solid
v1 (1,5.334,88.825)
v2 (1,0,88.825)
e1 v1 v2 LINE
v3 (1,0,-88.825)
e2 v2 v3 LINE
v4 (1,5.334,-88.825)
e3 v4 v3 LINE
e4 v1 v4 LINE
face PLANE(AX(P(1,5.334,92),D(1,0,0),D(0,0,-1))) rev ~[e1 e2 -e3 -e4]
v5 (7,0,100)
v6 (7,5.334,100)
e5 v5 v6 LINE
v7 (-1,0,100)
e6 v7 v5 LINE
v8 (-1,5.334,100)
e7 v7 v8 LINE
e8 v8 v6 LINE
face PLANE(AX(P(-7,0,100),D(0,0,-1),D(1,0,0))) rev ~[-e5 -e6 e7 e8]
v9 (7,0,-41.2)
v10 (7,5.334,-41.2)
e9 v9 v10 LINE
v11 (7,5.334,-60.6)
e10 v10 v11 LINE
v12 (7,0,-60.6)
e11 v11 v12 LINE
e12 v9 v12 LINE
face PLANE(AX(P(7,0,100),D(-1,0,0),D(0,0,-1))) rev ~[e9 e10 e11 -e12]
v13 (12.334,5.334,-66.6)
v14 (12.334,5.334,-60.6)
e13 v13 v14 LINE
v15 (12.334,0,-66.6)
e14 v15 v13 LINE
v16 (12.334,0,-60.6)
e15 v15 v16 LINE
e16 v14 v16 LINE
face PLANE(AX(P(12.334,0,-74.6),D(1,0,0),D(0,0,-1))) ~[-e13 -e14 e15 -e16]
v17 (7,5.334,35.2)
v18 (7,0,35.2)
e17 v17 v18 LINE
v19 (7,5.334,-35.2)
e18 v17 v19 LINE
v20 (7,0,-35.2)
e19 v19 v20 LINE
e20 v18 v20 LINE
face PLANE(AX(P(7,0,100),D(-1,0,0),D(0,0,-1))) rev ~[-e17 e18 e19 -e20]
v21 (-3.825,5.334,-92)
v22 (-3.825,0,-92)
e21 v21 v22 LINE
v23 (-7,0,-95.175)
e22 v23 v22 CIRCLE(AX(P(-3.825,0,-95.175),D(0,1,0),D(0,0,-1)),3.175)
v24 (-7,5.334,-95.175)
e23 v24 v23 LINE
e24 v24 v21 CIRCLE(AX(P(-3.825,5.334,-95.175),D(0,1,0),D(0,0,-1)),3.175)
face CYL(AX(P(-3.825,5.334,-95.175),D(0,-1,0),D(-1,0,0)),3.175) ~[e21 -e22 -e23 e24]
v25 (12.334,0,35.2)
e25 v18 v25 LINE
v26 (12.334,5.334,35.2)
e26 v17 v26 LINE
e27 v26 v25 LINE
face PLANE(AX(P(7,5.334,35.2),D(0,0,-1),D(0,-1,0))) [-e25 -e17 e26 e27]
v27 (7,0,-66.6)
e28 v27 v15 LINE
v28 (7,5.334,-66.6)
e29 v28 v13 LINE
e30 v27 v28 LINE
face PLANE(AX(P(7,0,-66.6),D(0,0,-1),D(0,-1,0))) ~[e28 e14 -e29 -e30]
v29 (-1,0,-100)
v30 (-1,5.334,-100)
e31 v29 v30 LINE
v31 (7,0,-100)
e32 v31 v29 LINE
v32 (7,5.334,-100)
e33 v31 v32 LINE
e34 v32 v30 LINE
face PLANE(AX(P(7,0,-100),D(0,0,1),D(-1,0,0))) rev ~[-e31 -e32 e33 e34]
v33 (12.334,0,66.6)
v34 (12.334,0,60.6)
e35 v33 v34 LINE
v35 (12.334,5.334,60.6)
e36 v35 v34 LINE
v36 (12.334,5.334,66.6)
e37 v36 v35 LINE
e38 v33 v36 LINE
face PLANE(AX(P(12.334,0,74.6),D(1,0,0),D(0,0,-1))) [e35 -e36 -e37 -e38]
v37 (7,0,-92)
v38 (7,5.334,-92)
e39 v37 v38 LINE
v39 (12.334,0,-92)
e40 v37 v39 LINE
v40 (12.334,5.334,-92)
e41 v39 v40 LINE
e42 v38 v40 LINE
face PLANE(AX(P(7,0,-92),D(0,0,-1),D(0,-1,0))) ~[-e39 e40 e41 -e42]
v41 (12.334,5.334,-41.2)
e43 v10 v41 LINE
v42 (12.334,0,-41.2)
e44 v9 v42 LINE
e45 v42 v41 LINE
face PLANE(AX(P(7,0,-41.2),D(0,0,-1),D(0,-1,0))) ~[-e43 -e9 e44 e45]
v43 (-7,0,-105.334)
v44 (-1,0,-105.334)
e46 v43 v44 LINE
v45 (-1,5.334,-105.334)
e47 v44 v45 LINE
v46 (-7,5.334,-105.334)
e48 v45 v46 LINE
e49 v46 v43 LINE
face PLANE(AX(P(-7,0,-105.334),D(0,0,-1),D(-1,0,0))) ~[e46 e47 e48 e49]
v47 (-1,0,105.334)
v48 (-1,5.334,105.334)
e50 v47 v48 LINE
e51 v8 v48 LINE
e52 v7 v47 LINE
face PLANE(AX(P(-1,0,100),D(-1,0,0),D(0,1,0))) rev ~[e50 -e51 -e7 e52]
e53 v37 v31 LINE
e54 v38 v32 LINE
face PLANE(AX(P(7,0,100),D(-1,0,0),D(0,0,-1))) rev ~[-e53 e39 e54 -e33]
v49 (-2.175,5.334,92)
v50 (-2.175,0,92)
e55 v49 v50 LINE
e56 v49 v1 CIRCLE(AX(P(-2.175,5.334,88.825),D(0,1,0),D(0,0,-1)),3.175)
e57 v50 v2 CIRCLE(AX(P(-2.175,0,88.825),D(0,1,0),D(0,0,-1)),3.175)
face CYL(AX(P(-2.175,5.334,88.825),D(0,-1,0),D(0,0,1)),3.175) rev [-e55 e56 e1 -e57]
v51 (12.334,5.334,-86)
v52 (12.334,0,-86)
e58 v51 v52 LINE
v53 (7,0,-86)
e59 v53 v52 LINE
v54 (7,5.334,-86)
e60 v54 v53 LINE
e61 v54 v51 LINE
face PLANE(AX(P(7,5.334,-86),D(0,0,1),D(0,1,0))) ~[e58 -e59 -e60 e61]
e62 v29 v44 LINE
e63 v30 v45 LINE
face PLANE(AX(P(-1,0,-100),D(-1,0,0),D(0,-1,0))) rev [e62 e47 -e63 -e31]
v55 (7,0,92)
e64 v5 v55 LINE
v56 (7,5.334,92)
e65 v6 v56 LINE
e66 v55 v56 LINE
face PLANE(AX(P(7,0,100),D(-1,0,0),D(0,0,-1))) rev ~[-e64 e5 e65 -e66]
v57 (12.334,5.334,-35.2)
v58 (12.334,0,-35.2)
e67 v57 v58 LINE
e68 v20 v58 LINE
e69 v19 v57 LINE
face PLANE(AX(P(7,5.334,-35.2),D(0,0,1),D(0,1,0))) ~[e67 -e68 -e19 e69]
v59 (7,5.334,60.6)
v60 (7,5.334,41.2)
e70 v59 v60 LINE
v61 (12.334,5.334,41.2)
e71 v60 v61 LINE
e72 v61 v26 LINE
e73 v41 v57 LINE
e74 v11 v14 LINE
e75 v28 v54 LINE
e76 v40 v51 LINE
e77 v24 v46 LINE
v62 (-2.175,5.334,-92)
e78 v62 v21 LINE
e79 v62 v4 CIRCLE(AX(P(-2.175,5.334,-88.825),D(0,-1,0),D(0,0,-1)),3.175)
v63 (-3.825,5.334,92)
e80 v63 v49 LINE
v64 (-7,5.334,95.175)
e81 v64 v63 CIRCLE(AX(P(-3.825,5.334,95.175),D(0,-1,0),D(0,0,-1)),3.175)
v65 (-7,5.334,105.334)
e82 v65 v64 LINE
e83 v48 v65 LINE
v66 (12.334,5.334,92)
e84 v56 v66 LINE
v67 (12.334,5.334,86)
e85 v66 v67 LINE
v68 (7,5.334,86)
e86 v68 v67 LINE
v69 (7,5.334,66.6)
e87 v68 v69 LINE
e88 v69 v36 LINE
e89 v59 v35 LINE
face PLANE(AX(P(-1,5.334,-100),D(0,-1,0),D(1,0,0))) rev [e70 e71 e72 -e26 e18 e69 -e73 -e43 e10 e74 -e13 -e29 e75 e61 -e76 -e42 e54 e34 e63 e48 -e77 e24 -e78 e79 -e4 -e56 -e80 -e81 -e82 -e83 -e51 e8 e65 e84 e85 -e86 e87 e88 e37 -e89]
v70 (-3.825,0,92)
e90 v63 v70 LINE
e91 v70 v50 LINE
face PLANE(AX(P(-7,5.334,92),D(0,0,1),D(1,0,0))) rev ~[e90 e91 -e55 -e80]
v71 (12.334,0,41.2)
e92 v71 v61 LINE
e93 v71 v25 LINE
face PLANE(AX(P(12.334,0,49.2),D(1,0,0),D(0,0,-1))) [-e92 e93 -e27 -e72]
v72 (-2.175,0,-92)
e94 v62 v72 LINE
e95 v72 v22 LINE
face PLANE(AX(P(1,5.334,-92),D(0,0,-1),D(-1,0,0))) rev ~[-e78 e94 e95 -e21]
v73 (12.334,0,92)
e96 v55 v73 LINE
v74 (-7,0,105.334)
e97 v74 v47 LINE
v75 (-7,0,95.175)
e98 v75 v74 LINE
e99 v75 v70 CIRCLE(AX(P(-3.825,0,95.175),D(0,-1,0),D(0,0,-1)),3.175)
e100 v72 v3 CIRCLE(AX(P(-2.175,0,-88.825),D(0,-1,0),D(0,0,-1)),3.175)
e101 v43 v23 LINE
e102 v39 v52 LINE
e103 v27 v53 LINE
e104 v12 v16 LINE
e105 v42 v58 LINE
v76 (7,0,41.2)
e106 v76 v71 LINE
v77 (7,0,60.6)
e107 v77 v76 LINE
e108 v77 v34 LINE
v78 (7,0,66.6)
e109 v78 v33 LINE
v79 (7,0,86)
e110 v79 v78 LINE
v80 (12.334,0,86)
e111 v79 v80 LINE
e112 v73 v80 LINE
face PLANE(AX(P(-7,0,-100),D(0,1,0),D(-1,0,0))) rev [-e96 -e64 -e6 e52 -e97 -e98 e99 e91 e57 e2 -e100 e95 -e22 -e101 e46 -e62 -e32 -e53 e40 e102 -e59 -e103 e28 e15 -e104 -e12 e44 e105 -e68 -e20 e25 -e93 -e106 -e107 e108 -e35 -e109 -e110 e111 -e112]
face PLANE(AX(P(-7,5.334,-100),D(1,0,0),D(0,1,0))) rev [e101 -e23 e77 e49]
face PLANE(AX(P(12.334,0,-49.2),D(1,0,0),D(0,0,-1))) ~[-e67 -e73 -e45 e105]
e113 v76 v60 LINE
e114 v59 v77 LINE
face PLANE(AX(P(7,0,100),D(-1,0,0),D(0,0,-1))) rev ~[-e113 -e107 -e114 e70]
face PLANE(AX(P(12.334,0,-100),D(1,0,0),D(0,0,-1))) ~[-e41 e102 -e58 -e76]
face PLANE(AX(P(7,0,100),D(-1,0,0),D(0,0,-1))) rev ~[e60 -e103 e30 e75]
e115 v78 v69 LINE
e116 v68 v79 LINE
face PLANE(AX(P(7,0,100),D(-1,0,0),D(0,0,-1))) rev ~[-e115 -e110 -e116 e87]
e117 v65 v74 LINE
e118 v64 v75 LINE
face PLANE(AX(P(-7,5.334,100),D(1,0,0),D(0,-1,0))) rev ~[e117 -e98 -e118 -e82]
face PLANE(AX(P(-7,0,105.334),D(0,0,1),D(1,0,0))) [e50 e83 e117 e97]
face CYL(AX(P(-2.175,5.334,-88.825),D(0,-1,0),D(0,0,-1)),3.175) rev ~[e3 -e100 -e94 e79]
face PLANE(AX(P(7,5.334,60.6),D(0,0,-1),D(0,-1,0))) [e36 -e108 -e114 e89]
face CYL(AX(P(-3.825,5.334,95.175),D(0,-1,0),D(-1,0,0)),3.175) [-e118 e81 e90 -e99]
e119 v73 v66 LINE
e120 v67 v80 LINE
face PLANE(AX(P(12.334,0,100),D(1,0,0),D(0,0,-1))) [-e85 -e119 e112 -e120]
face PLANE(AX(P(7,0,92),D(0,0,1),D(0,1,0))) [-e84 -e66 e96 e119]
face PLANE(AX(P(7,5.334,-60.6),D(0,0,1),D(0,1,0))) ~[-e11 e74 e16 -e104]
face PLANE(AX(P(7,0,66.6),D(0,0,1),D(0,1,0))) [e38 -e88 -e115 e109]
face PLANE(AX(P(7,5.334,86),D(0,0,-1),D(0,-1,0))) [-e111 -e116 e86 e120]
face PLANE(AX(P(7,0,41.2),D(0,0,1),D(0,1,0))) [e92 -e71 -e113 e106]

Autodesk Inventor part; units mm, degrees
ref_plane "YZ Plane" through (0, 0, 0) normal (1, 0, 0) x (0, 1, 0)
ref_plane "XZ Plane" through (0, 0, 0) normal (0, 1, 0) x (-1, 0, 0)
ref_plane "XY Plane" through (0, 0, 0) normal (0, 0, 1) x (1, 0, 0)
sketch "Sketch1" plane through (0, 0, 0) normal (0, 1, 0) x (-1, 0, 0)
  line L0 (7, 100) -> (-7, 100)
  line L1 (-7, 100) -> (-7, -100)
  line L2 (-7, -100) -> (7, -100)
  line L3 (7, -100) -> (7, 100)
  point P0 (0, 0)
  point P1 (7, 0)
  point P2 (0, 100)
  dimension "d0" = 14
  dimension "d1" = 200
extrude "Extrusion1" add sketch "Sketch1" along normal blind 5.334
sketch "Sketch2" plane through (0, 5.334, 0) normal (0, 1, 0) x (1, 0, 0)
  line L0 (-7, -92) -> (1, -92)
  line L1 (1, -92) -> (1, 92)
  line L2 (1, 92) -> (-7, 92)
  line L3 (-7, 92) -> (-7, -92)
  line L4 (-7, 100) -> (-7, -100) projected
  line L5 (7, -100) -> (7, 100) projected
  line L6 (-7, -100) -> (7, -100) projected
  line L7 (7, 100) -> (-7, 100) projected
  point P0 (0, 0)
  point P1 (-7, 0)
  dimension "d4" = 6
  dimension "d5" = 8
  dimension "d6" = 8
extrude "Extrusion2" cut sketch "Sketch2" against normal through all contours L3 L2 L1 L0
sketch "Sketch3" plane through (-7, 0, 100) normal (0, 0, 1) x (1, 0, 0)
  line L0 (0, 0) -> (6, 0)
  line L1 (6, 0) -> (6, 5.334)
  line L2 (6, 5.334) -> (0, 5.334)
  line L3 (0, 5.334) -> (0, 0)
  line L4 (0, 5.334) -> (14, 5.334) projected
  point P0 (7, 0)
  point P1 (7, 5.334)
  dimension "d9" = 6
extrude "Extrusion3" add sketch "Sketch3" along normal blind 5.334
sketch "Sketch4" plane through (7, 0, 100) normal (1, 0, 0) x (0, 0, -1)
  line L0 (0, 5.334) -> (200, 5.334) projected
  line L1 (0, 0) -> (200, 0) projected
  line L2 (8, 5.334) -> (14, 5.334)
  line L3 (14, 5.334) -> (14, 0)
  line L4 (14, 0) -> (8, 0)
  line L5 (8, 0) -> (8, 5.334)
  line L6 (0, 0) -> (0, 5.334) projected
  point P0 (100, 0)
  dimension "d13" = 8
  dimension "d14" = 6
extrude "Extrusion4" add sketch "Sketch4" along normal blind 5.334 contours L0 L3 L1 L5
pattern_linear "Rectangular Pattern1" count 3 spacing 25.4 along (0, 0, -1) of "Extrusion4"
mirror "Mirror1" about plane through (0, 0, 0) normal (0, 0, 1) of "Extrusion3", "Extrusion4", "Rectangular Pattern1"
fillet "Fillet2" radius 3.175 4 edges at (-7, 2.667, 92) (1, 2.667, 92) (-7, 2.667, -92) (1, 2.667, -92)
equation "\"d6\" = d5"
properties part number "base_support"
